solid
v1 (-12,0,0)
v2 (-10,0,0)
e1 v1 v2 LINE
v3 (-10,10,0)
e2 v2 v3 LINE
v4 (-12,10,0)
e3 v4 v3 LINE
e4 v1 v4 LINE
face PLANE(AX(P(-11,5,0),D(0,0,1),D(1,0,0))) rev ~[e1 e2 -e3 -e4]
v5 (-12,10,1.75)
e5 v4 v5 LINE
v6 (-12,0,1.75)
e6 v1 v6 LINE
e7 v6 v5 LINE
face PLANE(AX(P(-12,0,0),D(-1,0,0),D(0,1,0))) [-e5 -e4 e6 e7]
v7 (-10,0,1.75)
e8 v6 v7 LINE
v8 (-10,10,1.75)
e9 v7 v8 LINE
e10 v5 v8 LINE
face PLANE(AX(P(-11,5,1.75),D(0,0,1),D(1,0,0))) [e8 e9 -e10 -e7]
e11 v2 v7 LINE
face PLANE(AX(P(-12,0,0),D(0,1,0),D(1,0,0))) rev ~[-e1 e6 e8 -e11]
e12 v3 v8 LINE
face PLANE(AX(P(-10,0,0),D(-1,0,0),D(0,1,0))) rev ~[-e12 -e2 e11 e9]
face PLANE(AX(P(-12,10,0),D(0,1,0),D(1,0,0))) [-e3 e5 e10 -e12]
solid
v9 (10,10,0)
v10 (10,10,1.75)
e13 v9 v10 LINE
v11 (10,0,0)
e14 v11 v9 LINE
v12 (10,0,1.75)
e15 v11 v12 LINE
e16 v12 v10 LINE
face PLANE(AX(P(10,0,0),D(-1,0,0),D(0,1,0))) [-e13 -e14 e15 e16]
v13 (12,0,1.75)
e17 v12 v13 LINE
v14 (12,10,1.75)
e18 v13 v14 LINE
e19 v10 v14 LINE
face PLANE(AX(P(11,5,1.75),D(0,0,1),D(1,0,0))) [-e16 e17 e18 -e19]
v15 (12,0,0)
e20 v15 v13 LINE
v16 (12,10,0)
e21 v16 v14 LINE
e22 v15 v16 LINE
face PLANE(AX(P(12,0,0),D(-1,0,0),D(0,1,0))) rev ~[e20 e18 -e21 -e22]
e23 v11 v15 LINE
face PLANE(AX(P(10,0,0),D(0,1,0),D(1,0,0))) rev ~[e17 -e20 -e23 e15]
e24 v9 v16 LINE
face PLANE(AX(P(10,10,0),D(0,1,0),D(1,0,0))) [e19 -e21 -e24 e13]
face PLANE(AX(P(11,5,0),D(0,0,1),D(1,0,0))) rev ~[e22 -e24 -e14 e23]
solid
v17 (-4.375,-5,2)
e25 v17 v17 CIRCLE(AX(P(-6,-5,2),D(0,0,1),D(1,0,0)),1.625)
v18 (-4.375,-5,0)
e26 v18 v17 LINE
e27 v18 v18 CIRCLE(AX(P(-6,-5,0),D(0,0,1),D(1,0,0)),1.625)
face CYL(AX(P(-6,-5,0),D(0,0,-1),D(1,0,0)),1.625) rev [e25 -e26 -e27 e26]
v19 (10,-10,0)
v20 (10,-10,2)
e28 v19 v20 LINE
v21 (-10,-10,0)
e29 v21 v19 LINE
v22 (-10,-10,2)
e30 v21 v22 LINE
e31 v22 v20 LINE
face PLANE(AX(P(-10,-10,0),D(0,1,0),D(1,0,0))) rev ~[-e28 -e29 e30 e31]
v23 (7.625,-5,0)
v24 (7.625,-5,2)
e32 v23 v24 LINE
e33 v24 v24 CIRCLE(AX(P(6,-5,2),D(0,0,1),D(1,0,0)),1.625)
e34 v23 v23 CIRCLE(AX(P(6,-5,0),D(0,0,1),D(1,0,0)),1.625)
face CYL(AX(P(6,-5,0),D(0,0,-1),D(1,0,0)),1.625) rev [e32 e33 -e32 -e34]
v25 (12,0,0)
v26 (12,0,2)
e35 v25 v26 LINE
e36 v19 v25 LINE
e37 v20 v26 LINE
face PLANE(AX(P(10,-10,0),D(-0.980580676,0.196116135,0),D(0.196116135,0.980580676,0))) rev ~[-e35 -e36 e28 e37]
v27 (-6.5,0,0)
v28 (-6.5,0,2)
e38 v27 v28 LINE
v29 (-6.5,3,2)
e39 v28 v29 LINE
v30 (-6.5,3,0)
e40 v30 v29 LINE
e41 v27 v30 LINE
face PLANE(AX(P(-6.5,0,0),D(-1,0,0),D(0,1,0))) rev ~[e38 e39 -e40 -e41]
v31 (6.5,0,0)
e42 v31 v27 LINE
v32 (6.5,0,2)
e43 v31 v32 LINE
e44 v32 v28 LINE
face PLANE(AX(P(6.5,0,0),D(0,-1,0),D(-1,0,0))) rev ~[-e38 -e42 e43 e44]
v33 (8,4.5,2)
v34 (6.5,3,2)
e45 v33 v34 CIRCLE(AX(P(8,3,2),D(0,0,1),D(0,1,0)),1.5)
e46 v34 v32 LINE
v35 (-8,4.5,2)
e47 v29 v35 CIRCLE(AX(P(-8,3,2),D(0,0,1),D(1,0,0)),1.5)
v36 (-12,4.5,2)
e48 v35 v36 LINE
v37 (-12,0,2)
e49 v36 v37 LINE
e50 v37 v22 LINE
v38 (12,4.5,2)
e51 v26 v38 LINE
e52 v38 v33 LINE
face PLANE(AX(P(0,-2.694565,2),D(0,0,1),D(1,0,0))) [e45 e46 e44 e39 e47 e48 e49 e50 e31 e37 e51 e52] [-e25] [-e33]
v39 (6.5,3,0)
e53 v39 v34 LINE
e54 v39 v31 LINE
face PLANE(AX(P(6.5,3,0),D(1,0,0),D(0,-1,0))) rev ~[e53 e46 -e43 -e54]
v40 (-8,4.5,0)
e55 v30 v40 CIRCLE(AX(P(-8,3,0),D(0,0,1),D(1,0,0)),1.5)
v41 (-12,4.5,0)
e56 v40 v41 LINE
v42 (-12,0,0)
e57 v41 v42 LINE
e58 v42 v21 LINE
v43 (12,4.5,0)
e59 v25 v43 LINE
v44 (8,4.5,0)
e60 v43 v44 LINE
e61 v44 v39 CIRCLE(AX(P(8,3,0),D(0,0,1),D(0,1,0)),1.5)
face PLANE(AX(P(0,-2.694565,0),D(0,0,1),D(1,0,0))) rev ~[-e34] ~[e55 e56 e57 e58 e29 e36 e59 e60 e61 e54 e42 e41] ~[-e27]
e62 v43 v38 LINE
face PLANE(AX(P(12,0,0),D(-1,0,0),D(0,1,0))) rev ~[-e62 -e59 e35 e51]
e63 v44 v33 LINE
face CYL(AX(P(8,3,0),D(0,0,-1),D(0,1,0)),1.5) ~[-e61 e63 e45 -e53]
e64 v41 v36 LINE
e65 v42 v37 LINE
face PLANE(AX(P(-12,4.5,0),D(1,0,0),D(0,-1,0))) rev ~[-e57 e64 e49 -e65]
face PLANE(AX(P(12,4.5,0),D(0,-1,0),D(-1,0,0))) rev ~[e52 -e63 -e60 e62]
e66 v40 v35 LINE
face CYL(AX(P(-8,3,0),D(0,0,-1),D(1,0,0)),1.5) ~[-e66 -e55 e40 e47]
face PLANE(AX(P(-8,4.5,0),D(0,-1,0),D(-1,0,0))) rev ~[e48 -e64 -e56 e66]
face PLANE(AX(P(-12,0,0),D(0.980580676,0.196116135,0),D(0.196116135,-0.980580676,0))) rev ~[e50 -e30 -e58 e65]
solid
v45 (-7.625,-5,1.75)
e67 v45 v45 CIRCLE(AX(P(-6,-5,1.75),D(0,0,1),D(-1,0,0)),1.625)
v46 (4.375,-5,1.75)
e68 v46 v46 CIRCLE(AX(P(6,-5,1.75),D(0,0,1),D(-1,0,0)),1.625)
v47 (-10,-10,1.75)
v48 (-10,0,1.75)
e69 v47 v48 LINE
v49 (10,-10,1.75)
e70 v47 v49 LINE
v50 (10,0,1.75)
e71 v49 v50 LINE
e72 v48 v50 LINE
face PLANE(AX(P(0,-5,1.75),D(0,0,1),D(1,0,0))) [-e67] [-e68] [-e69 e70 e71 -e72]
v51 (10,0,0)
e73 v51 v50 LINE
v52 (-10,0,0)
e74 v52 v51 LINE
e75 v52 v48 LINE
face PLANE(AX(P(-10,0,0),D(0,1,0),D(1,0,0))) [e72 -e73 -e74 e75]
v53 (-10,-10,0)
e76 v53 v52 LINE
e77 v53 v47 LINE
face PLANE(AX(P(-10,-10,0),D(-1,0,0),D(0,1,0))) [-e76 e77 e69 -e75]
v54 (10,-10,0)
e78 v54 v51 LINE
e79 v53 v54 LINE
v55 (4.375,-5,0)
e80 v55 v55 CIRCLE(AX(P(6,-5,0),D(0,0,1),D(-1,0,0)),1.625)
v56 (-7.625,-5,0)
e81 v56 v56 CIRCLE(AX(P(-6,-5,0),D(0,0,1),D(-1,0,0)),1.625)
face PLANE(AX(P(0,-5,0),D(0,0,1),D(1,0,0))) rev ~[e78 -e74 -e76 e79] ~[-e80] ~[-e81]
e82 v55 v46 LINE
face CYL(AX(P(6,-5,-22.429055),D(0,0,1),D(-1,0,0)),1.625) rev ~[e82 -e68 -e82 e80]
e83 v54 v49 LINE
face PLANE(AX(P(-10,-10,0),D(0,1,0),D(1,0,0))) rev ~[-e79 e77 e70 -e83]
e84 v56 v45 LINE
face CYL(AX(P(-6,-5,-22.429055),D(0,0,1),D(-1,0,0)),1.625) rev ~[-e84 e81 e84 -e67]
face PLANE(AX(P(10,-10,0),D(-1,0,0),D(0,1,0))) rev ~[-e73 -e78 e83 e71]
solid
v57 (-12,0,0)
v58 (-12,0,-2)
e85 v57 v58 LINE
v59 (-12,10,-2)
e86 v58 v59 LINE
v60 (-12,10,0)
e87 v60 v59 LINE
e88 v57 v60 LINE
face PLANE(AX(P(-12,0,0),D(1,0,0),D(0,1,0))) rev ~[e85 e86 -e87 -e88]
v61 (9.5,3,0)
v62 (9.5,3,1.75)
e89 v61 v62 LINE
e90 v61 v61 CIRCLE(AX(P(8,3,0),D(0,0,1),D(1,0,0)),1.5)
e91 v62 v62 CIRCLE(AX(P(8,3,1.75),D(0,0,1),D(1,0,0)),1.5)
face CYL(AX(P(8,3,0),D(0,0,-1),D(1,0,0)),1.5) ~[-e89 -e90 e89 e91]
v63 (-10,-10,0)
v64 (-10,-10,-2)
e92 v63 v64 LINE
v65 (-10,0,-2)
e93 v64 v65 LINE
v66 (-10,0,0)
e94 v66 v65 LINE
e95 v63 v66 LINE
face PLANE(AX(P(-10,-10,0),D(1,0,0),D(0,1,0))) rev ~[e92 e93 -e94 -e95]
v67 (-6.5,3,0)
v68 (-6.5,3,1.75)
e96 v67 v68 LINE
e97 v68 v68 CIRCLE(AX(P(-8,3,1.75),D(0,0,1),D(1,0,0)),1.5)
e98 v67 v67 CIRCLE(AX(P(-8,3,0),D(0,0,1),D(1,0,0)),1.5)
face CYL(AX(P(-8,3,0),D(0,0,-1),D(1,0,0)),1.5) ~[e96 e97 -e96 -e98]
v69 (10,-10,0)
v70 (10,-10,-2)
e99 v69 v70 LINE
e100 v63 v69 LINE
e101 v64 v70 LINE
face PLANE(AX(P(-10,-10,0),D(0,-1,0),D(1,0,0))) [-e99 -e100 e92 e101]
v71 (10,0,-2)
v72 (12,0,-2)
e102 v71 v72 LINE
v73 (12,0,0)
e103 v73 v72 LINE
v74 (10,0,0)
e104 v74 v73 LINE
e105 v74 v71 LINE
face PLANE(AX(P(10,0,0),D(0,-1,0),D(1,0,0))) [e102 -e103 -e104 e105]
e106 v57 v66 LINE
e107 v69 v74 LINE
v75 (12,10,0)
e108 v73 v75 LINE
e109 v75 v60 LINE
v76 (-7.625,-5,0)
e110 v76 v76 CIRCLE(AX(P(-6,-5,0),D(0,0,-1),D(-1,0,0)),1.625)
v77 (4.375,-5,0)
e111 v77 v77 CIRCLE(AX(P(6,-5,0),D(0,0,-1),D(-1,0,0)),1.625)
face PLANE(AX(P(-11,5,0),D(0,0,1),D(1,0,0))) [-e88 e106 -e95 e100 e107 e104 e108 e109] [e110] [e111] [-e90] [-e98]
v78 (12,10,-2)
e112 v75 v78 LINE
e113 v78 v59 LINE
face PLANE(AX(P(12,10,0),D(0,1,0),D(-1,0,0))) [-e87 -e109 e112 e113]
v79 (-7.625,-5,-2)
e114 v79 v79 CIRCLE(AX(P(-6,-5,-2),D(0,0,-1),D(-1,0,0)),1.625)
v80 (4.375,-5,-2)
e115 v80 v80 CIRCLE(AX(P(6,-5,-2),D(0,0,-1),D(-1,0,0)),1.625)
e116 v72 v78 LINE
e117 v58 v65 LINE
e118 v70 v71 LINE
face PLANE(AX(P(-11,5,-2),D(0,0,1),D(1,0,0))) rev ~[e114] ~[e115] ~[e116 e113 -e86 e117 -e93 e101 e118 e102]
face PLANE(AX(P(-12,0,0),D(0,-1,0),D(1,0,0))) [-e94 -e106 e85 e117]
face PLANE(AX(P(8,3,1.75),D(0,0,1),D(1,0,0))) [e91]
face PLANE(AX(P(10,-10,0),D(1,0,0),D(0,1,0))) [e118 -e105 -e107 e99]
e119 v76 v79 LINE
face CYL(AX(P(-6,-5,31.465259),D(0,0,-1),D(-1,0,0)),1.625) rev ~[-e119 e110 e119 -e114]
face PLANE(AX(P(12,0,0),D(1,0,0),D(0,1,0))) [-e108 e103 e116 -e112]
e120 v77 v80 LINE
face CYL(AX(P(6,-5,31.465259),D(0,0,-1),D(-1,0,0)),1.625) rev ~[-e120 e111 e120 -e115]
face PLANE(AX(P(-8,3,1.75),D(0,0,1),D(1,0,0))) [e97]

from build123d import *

# Parameters (mm, degrees)
F0_W      = 20
F0_H      = 10
F1_DEPTH  = 1.75
F0_W_2    = 2
F2_DEPTH  = 1.75
F3_DEPTH  = 1.75
F0_R      = 1.5
F4_DEPTH  = 2
F5_DEPTH  = 1.75
F6_D      = 3.25
F7_D      = 3.25
F8_D      = 3.25
F9_D      = 3.25
F10_R     = 1.625
F11_DEPTH = 2


with BuildPart() as f1:
    # F0 (on Top) → F1 (new body)
    with BuildSketch(Plane.XY):
        with Locations((0, -5)):
            Rectangle(F0_W, F0_H)
    extrude(amount=F1_DEPTH)

    # F6 (through all)
    with Locations(Plane(origin=(0, 0, 0), x_dir=(1, 0, 0), z_dir=(0, 0, -1))):
        with Locations((-6, 5)):
            Hole(F6_D / 2)

    # F7 (through all)
    with Locations(Plane(origin=(0, 0, 0), x_dir=(1, 0, 0), z_dir=(0, 0, -1))):
        with Locations((6, 5)):
            Hole(F7_D / 2)


with BuildPart() as f2:
    # F0 (on Top) → F2 (new body)
    with BuildSketch(Plane.XY):
        with Locations((11, 5)):
            Rectangle(F0_W_2, F0_H)
    extrude(amount=F2_DEPTH)


with BuildPart() as f3:
    # F0 (on Top) → F3 (new body)
    with BuildSketch(Plane.XY):
        with Locations((-11, 5)):
            Rectangle(F0_W_2, F0_H)
    extrude(amount=F3_DEPTH)


with BuildPart() as f4:
    # F0 (on Top) → F4 (new body)
    with BuildSketch(Plane.XY):
        with Locations((-11, 5)):
            Rectangle(F0_W_2, F0_H)
        with Locations((0, 5)):
            Rectangle(F0_W, F0_H)
        with Locations((-8, 3)):
            Circle(F0_R, mode=Mode.SUBTRACT)
        with Locations((8, 3)):
            Circle(F0_R, mode=Mode.SUBTRACT)
        with Locations((-8, 3)):
            Circle(F0_R)
        with Locations((8, 3)):
            Circle(F0_R)
        with Locations((11, 5)):
            Rectangle(F0_W_2, F0_H)
        with Locations((0, -5)):
            Rectangle(F0_W, F0_H)
    extrude(amount=-F4_DEPTH)

    # F0 (on Top) → F5 (join)
    with BuildSketch(Plane.XY):
        with Locations((-8, 3)):
            Circle(F0_R)
        with Locations((8, 3)):
            Circle(F0_R)
    extrude(amount=F5_DEPTH)

    # F8 (through all)
    with Locations(Plane.XY):
        with Locations((-6, -5)):
            Hole(F8_D / 2)

    # F9 (through all)
    with Locations(Plane.XY):
        with Locations((6, -5)):
            Hole(F9_D / 2)


with BuildPart() as f11:
    # F10 (on Top) → F11 (new body)
    with BuildSketch(Plane.XY):
        with BuildLine():
            Line((-12, 0), (-10, -10))
            Line((-10, -10), (10, -10))
            Line((10, -10), (12, 0))
            Line((12, 0), (12, 4.5))
            Line((12, 4.5), (8, 4.5))
            ThreePointArc((8, 4.5), (6.9393398282, 4.0606601718), (6.5, 3))
            Line((6.5, 3), (6.5, 0))
            Line((6.5, 0), (-6.5, 0))
            Line((-6.5, 0), (-6.5, 3))
            ThreePointArc((-6.5, 3), (-6.9393398282, 4.0606601718), (-8, 4.5))
            Line((-8, 4.5), (-12, 4.5))
            Line((-12, 4.5), (-12, 0))
        make_face()
        with Locations((-6, -5)):
            Circle(F10_R, mode=Mode.SUBTRACT)
        with Locations((6, -5)):
            Circle(F10_R, mode=Mode.SUBTRACT)
    extrude(amount=F11_DEPTH)


solid = Compound([f1.part, f2.part, f3.part, f4.part, f11.part])
